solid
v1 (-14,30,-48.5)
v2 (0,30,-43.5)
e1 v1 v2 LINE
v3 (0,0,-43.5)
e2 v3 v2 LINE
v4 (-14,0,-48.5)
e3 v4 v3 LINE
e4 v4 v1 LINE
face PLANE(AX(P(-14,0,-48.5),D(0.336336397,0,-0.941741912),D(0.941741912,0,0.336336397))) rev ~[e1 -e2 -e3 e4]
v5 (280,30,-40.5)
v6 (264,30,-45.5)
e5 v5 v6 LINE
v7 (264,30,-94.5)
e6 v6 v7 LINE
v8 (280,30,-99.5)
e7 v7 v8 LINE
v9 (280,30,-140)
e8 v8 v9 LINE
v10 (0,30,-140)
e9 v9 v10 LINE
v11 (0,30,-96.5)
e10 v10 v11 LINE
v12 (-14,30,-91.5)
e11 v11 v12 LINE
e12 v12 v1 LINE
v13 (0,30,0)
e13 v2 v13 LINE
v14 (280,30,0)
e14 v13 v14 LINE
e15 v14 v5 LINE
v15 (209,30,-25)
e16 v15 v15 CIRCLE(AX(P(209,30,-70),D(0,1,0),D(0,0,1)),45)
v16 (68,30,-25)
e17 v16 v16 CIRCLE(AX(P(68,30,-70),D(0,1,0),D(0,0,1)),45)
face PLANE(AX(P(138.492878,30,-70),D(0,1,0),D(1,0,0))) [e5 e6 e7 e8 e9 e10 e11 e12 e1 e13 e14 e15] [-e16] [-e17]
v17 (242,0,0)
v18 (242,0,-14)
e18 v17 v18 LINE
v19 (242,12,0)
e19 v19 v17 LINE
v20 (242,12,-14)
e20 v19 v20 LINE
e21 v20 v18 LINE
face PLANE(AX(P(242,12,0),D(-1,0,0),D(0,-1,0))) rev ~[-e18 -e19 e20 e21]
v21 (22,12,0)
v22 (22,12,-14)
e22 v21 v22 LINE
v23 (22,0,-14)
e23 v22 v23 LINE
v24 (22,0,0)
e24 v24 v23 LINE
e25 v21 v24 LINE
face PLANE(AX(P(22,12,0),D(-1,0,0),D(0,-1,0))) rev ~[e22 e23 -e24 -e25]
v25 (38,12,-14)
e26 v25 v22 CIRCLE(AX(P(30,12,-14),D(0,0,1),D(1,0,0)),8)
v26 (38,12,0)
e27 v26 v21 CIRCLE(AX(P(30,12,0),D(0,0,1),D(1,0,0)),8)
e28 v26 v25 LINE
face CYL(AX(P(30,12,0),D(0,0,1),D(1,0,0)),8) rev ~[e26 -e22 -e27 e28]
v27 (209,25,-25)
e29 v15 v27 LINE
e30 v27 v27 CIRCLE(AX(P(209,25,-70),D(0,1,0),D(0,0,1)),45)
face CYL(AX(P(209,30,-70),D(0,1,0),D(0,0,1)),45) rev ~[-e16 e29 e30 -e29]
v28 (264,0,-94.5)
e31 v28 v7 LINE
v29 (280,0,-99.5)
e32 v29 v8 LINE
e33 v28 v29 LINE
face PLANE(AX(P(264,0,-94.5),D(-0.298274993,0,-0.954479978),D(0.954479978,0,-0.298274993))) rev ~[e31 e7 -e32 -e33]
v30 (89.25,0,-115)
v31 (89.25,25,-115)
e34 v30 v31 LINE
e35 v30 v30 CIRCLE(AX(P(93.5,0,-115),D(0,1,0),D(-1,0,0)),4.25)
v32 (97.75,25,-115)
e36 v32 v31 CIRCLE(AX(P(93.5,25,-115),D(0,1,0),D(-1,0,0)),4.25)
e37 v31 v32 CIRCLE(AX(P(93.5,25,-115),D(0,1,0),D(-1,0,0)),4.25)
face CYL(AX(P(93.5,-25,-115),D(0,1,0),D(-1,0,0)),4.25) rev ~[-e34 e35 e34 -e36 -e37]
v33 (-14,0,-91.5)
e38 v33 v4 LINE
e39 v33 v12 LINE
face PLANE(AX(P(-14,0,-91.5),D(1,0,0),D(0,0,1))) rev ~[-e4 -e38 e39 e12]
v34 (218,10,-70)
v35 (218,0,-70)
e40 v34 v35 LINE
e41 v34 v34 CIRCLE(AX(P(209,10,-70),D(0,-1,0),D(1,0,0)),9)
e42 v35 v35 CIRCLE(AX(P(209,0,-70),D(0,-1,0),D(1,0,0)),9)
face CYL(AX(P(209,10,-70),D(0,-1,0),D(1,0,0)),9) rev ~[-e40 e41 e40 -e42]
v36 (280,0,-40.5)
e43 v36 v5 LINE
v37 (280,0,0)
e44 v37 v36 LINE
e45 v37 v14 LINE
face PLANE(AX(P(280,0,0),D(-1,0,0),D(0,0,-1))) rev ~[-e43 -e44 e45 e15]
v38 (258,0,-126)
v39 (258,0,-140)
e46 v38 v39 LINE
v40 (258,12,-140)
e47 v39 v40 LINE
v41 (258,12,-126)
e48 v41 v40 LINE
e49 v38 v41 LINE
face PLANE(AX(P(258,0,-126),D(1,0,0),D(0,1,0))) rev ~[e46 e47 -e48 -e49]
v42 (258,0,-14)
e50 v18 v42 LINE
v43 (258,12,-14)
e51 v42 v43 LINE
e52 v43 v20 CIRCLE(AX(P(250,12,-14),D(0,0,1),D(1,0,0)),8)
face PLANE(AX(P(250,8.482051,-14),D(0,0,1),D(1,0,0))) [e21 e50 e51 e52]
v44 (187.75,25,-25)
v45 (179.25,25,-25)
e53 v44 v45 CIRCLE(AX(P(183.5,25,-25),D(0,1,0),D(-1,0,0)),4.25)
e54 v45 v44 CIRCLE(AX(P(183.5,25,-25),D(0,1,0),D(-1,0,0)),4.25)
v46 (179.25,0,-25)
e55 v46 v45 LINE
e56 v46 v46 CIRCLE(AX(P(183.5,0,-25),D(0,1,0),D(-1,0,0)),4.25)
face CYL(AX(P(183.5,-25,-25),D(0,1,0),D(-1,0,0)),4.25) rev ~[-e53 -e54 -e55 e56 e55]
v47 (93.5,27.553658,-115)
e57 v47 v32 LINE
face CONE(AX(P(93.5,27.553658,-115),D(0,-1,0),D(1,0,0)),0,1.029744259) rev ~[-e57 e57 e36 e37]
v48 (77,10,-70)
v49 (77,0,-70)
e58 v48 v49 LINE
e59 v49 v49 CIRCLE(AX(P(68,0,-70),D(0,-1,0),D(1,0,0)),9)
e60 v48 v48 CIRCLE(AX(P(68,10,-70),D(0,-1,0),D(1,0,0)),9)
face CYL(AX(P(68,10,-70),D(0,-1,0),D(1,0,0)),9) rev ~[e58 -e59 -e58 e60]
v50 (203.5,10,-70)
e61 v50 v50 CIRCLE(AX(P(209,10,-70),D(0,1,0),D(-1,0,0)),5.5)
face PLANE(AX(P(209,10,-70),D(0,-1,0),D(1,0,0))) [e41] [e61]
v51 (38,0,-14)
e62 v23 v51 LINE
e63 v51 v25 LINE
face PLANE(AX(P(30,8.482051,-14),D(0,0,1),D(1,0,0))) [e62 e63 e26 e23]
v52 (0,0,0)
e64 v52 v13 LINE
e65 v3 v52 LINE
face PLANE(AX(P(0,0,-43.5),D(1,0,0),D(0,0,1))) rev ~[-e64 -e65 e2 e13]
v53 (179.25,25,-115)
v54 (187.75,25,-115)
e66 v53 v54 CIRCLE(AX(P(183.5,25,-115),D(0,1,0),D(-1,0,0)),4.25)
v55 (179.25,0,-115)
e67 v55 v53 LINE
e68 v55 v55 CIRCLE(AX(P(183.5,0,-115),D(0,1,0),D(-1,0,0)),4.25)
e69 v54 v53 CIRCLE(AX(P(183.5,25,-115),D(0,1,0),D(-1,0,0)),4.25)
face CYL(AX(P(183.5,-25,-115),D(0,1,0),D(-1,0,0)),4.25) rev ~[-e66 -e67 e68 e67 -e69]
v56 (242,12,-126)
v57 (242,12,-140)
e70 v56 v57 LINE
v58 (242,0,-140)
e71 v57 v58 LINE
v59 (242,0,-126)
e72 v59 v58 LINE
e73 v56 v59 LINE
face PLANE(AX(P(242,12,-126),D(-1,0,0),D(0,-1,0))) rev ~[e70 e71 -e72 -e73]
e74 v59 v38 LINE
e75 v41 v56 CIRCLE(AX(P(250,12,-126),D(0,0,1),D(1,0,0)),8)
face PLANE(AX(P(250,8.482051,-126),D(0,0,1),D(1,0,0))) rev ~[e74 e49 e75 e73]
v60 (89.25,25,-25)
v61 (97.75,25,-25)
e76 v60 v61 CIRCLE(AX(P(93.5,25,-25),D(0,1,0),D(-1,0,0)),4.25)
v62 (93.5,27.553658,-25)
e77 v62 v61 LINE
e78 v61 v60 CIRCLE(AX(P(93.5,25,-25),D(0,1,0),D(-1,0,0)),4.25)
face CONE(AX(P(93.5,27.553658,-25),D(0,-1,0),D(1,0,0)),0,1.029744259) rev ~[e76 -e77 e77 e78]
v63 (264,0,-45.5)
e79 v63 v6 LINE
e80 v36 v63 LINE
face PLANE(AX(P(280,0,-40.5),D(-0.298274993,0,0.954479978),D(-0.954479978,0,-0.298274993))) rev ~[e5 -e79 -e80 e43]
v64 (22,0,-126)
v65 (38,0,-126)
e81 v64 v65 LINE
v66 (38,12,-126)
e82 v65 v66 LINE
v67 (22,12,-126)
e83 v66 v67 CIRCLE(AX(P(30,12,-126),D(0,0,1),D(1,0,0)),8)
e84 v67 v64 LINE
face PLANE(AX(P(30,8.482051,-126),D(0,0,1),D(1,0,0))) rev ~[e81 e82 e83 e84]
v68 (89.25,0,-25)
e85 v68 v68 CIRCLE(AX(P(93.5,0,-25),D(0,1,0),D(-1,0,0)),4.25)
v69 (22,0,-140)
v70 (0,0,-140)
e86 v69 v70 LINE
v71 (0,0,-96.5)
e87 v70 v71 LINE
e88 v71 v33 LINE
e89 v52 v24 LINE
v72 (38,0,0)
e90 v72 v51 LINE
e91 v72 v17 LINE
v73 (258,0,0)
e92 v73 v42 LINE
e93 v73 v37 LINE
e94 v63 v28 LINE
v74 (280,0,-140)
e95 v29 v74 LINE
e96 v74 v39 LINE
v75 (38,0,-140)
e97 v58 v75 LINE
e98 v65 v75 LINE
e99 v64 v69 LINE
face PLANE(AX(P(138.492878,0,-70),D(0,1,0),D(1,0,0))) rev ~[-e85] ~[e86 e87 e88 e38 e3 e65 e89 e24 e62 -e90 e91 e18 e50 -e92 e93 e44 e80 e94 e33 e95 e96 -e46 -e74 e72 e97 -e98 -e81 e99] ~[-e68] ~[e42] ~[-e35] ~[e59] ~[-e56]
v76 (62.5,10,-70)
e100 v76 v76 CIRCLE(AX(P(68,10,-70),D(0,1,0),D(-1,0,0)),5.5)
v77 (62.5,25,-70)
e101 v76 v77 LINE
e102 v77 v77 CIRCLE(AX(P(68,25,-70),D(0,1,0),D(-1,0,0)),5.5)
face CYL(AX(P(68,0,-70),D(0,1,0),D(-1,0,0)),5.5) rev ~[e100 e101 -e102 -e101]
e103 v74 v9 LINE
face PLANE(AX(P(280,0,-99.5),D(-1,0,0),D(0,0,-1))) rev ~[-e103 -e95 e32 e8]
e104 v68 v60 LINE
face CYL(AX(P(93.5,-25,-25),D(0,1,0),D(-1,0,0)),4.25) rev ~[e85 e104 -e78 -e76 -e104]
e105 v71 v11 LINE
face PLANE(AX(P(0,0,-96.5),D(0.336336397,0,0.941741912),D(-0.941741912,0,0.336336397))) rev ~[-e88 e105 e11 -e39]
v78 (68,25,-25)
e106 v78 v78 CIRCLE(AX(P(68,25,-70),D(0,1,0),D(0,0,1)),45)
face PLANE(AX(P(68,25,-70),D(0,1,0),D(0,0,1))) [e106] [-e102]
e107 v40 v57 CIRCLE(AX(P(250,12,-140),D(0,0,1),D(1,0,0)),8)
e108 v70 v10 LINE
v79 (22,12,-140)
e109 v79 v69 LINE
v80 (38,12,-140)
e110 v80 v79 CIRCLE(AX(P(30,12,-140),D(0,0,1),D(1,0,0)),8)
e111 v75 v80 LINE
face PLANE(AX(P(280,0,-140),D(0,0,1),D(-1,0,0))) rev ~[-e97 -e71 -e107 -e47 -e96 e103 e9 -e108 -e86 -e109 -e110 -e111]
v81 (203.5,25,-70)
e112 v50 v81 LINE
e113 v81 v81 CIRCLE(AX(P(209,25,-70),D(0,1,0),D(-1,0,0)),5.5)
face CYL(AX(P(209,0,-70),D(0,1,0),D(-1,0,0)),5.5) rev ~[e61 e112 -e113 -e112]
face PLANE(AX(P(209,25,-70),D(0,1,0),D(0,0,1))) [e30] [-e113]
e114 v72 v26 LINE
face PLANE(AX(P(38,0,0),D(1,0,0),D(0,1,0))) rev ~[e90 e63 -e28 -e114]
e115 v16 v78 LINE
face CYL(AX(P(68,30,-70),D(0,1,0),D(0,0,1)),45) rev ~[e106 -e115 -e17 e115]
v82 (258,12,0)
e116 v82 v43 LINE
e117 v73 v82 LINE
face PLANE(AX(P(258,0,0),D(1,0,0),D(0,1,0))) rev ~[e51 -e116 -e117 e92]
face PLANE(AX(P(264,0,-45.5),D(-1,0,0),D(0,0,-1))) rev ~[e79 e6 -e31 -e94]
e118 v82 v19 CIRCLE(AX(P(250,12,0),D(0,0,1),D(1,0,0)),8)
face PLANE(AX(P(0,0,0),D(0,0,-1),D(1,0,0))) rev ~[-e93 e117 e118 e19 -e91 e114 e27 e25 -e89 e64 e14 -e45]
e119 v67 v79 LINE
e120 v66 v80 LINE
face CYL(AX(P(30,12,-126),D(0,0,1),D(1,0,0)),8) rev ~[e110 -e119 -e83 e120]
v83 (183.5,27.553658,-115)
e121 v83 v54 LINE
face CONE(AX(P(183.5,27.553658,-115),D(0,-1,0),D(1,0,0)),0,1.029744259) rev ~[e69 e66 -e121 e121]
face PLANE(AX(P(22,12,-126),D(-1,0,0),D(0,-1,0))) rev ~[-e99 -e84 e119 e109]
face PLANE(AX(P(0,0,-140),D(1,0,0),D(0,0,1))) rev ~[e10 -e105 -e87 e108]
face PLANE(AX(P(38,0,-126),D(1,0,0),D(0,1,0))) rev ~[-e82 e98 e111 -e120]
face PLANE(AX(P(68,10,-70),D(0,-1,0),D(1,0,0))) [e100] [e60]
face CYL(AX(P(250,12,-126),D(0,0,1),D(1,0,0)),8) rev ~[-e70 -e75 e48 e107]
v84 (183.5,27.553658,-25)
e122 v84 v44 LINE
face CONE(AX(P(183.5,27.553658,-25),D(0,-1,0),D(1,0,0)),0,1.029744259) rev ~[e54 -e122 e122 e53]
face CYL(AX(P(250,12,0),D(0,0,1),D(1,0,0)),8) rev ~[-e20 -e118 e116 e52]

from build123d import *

# Parameters (mm, degrees)
ESTRUSIONE1_DEPTH                                    = 30
ESTRUSIONE2_DEPTH                                    = 14
RIPETIZIONE_A_L1_COUNT                               = 2
RIPETIZIONE_A_L1_PITCH                               = 220
RIPETIZIONE_A_L1_COUNT_DIR2                          = 2
RIPETIZIONE_A_L1_PITCH_DIR2                          = 126
SCHIZZO3_R                                           = 45
ESTRUSIONE3_DEPTH                                    = 5
M10_LAMATURA_PER_VITE_A_COPERTURA_CILIND_D           = 11
M10_LAMATURA_PER_VITE_A_COPERTURA_CILIND_CBORE_D     = 18
M10_LAMATURA_PER_VITE_A_COPERTURA_CILIND_CBORE_DEPTH = 10
M10_TAPPED_HOLE1_D                                   = 8.5
M10_TAPPED_HOLE1_DEPTH                               = 25
M10_TAPPED_HOLE1_TIP                                 = 2.553657631


with BuildPart() as part:
    # Schizzo1 → Estrusione1 (new body)
    with BuildSketch(Plane(origin=(0, 0, 0), x_dir=(1, 0, 0), z_dir=(0, 1, 0))):
        Polygon((-14, 91.5), (-14, 48.5), (0, 43.5), (0, 0), (280, 0), (280, 40.5), (264, 45.5), (264, 94.5), (280, 99.5), (280, 140), (0, 140), (0, 96.5), align=None)
    extrude(amount=ESTRUSIONE1_DEPTH)

    # Schizzo2 → Estrusione2 (cut)
    with BuildSketch(Plane.XY):
        with BuildLine():
            Line((22, 12), (22, 0))
            Line((22, 0), (38, 0))
            Line((38, 0), (38, 12))
            ThreePointArc((38, 12), (30, 20), (22, 12))
        make_face()
    estrusione2 = extrude(amount=-ESTRUSIONE2_DEPTH, mode=Mode.SUBTRACT)

    # Ripetizione a L1: Estrusione2 2 × 2
    with Locations(*[(i * RIPETIZIONE_A_L1_PITCH, 0, -j * RIPETIZIONE_A_L1_PITCH_DIR2) for i in range(RIPETIZIONE_A_L1_COUNT) for j in range(RIPETIZIONE_A_L1_COUNT_DIR2) if (i, j) != (0, 0)]):
        add(estrusione2, mode=Mode.SUBTRACT)

    # Schizzo3 → Estrusione3 (cut)
    with BuildSketch(Plane(origin=(0, 30, 0), x_dir=(1, 0, 0), z_dir=(0, 1, 0))):
        with Locations(Location((68, 70, 0), (0, 0, 270))):
            Circle(SCHIZZO3_R)
        with Locations(Location((209, 70, 0), (0, 0, 270))):
            Circle(SCHIZZO3_R)
    extrude(amount=-ESTRUSIONE3_DEPTH, mode=Mode.SUBTRACT)

    # M10 Lamatura per vite a copertura cilindrica esagonale2 (through all)
    with Locations(Plane.XZ):
        with Locations((68, -70), (209, -70)):
            CounterBoreHole(M10_LAMATURA_PER_VITE_A_COPERTURA_CILIND_D / 2, M10_LAMATURA_PER_VITE_A_COPERTURA_CILIND_CBORE_D / 2, M10_LAMATURA_PER_VITE_A_COPERTURA_CILIND_CBORE_DEPTH)

    # M10 Tapped Hole1
    with Locations(Plane.XZ):
        with Locations((93.5, -25), (183.5, -25), (93.5, -115), (183.5, -115)):
            Hole(M10_TAPPED_HOLE1_D / 2, depth=M10_TAPPED_HOLE1_DEPTH)
            with Locations((0, 0, -(M10_TAPPED_HOLE1_DEPTH + M10_TAPPED_HOLE1_TIP / 2))):  # 118° drill point
                Cone(0, M10_TAPPED_HOLE1_D / 2, M10_TAPPED_HOLE1_TIP, mode=Mode.SUBTRACT)


solid = part.part
